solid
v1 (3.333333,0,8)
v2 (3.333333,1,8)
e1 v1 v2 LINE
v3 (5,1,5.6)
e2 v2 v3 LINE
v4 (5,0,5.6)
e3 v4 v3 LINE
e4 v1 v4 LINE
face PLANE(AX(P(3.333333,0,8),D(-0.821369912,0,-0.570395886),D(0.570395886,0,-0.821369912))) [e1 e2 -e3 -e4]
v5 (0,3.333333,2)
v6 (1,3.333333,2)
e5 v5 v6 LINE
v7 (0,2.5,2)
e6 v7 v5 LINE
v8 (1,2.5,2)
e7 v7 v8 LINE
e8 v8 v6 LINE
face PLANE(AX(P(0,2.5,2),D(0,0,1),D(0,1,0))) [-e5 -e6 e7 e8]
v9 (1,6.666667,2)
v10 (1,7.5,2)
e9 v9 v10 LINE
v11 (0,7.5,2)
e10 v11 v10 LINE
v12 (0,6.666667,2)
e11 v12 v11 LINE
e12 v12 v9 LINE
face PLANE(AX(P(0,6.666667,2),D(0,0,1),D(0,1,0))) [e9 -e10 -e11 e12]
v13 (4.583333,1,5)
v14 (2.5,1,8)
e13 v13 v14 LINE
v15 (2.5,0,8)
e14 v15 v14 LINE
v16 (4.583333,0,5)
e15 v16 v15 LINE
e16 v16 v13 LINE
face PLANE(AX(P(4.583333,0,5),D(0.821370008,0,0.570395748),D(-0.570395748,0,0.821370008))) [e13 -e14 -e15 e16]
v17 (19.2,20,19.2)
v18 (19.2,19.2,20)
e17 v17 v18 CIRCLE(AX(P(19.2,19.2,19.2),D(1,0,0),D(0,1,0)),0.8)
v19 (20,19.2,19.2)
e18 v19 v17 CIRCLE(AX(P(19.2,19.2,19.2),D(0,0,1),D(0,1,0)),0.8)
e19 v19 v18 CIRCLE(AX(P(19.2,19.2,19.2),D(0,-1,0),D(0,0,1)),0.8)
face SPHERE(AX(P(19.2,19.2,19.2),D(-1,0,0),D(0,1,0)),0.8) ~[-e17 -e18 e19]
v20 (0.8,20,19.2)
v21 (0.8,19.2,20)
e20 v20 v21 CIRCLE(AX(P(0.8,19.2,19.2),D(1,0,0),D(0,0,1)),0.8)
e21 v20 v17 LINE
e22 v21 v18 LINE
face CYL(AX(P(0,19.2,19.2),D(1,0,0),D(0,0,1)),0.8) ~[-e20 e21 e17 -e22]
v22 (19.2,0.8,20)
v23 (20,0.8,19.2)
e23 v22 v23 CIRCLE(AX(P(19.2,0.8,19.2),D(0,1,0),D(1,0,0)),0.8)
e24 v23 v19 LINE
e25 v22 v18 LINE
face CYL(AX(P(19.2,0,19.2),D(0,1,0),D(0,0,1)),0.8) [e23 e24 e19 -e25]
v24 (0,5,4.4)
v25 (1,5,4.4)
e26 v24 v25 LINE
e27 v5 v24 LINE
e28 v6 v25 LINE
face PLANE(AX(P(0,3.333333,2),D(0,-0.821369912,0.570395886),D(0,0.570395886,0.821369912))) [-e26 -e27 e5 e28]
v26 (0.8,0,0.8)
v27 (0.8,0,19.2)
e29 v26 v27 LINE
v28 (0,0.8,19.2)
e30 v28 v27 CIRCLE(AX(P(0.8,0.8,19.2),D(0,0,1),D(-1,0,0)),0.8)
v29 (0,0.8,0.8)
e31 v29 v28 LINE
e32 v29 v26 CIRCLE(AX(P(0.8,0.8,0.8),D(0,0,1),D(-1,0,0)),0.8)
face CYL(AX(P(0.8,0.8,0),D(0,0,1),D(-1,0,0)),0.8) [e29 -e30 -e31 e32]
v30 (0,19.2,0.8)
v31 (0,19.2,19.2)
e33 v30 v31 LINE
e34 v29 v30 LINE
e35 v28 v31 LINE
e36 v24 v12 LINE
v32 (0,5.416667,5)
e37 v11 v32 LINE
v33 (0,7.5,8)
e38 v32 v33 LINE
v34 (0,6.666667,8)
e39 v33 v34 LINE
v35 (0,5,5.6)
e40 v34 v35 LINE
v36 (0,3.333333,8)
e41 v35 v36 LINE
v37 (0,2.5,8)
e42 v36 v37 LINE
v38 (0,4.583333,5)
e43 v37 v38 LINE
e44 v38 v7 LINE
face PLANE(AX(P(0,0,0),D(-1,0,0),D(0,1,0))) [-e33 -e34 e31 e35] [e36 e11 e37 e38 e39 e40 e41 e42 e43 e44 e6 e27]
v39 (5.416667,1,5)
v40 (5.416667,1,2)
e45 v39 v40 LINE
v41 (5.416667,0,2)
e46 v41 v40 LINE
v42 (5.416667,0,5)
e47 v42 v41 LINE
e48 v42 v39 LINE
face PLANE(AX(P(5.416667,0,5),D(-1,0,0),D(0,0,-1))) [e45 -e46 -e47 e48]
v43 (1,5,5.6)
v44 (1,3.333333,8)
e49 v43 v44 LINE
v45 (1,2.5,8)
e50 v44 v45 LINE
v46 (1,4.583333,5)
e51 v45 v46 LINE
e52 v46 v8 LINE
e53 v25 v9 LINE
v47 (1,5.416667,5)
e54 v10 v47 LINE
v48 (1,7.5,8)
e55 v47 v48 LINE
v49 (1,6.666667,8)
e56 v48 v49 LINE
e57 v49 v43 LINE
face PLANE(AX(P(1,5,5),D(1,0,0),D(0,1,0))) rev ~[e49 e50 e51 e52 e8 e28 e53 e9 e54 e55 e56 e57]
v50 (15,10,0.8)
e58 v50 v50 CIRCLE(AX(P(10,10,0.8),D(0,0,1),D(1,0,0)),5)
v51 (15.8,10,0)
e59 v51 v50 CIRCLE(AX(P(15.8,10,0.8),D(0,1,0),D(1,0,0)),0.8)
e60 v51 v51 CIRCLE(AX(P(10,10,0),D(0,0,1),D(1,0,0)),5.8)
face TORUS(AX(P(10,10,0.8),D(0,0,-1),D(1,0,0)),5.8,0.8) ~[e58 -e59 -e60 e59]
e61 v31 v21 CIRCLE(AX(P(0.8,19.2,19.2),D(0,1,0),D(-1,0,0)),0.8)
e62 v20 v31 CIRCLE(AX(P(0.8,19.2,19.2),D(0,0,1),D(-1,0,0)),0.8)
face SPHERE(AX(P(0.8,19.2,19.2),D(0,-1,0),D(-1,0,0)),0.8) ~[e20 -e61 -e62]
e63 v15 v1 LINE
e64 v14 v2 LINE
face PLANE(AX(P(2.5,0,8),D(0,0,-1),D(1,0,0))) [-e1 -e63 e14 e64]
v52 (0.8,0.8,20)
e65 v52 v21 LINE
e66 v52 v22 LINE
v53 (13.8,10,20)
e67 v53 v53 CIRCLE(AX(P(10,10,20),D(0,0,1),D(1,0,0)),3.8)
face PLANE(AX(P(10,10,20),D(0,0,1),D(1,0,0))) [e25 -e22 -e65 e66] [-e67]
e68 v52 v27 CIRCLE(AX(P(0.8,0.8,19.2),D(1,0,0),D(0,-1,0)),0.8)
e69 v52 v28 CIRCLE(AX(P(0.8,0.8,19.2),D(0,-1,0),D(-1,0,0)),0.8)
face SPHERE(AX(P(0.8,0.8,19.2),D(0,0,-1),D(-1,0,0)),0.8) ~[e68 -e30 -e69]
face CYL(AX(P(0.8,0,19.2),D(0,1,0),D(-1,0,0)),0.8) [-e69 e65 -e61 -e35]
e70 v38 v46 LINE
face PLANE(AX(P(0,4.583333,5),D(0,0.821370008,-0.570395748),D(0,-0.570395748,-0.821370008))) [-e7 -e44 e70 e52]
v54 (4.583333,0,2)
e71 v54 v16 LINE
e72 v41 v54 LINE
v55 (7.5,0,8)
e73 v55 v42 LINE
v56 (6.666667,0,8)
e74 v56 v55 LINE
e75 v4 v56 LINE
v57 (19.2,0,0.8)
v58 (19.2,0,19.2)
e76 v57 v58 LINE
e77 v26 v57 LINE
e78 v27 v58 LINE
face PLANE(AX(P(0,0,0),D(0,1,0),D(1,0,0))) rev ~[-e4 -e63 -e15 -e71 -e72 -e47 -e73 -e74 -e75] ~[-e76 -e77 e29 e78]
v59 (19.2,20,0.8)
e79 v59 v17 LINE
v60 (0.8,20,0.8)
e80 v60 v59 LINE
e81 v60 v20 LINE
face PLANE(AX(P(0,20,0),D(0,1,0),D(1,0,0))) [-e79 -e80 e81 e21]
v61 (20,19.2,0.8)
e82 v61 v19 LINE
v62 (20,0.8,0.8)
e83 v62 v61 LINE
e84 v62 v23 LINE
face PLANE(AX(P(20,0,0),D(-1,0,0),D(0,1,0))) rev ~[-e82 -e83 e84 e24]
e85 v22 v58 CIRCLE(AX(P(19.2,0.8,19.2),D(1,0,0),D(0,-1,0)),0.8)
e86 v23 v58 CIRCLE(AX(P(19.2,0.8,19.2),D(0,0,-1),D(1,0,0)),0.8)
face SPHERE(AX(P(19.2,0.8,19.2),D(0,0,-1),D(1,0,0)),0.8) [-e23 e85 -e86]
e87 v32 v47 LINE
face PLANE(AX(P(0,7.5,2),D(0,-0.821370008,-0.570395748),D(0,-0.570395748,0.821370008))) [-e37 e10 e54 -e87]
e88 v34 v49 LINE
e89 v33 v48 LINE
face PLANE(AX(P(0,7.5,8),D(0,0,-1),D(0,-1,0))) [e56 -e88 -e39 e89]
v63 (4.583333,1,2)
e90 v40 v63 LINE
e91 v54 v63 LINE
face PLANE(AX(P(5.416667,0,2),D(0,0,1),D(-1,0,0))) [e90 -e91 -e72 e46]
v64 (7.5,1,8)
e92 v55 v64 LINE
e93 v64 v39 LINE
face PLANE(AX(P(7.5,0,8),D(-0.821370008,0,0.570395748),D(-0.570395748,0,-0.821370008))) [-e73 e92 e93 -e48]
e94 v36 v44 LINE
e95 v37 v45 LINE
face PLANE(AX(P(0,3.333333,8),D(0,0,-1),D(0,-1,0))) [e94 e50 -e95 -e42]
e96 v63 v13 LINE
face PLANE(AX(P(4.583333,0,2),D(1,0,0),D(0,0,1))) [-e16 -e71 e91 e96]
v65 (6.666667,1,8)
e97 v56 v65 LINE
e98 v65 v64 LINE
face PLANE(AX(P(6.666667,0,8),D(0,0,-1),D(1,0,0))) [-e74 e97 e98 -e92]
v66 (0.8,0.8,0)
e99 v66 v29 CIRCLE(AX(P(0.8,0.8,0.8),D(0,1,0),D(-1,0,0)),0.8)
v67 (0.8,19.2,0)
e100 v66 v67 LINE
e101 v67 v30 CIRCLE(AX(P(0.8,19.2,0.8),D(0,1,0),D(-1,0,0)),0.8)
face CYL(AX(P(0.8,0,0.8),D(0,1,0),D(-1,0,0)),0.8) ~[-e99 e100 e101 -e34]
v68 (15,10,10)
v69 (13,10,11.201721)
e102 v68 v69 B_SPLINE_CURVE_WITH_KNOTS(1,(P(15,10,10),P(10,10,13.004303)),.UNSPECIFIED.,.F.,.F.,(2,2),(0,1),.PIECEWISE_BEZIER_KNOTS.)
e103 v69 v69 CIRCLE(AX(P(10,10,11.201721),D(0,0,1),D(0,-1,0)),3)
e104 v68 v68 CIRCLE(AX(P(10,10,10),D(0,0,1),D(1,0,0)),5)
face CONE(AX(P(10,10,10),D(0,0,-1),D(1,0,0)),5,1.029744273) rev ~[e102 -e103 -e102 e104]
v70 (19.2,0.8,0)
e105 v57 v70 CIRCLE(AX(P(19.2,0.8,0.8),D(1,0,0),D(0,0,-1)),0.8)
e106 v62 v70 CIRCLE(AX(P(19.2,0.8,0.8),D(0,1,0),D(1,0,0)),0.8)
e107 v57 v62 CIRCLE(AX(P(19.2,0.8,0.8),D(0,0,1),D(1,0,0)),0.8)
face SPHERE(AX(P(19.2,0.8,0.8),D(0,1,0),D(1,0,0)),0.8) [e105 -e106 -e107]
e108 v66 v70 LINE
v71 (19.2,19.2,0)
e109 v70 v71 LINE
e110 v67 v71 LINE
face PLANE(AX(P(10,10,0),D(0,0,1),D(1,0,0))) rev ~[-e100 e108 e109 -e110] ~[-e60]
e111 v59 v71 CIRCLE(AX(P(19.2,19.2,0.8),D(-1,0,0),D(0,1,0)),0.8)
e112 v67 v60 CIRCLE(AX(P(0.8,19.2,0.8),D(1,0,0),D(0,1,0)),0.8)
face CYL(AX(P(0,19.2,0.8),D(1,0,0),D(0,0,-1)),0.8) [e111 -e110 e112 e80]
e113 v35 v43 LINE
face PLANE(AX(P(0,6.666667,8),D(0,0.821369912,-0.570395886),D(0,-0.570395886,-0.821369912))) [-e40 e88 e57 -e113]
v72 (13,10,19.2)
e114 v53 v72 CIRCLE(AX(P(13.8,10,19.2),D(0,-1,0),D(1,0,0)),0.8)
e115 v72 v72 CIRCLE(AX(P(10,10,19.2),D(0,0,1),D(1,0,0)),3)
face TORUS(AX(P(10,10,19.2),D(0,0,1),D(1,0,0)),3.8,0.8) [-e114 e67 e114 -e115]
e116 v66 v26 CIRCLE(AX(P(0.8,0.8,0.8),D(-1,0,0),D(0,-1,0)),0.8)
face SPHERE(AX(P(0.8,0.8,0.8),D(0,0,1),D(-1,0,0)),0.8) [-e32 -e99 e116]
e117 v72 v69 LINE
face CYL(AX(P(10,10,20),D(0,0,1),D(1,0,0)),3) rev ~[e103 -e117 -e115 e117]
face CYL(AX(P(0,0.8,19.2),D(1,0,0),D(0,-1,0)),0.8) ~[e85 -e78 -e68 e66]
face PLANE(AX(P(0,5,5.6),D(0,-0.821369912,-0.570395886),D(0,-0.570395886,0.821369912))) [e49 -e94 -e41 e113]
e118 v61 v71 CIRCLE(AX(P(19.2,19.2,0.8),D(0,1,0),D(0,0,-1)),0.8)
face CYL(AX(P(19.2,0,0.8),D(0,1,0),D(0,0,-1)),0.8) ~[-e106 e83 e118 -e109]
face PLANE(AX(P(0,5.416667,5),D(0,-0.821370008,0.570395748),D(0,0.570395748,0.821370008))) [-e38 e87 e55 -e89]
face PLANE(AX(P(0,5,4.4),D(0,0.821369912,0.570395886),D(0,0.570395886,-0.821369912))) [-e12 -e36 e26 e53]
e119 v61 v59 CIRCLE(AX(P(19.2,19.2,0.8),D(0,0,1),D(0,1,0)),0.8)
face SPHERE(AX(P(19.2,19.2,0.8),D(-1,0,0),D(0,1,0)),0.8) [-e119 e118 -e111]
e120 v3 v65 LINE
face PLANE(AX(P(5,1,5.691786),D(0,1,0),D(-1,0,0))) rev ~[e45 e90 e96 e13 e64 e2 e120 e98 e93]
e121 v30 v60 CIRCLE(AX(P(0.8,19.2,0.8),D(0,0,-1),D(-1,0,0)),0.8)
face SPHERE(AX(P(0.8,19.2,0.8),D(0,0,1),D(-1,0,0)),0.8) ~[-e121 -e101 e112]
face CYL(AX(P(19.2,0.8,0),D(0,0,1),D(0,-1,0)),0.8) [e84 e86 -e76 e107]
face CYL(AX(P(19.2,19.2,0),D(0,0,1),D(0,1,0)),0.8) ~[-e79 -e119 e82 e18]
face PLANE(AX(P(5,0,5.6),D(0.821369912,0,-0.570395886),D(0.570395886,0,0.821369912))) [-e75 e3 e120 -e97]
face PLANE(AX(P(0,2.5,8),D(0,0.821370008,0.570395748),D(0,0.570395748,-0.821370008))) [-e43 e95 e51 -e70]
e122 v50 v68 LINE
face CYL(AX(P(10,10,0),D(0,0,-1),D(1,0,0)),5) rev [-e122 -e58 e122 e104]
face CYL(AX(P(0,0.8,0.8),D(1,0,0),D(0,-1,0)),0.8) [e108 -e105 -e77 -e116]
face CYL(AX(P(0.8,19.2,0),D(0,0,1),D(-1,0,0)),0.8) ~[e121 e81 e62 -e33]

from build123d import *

# Parameters (mm, degrees)
SKETCH_W        = 20
SKETCH_H        = 20
PAD_DEPTH       = 20
POCKET_DEPTH    = 1
POCKET001_DEPTH = 1
SKETCH004_R     = 5
HOLE_DEPTH      = 10
HOLE_TIPS_R     = 5
SKETCH005_R     = 3
HOLE001_DEPTH   = 10
HOLE001_TIPS_R  = 3
FILLET_R        = 0.8
FILLET001_R     = 0.8


with BuildPart() as part:
    # Sketch → Pad (new body)
    with BuildSketch(Plane.XY):
        with Locations((10, 10)):
            Rectangle(SKETCH_W, SKETCH_H)
    extrude(amount=PAD_DEPTH)

    # Sketch002 → Pocket (cut)
    with BuildSketch(Plane.YZ):
        Polygon((7.5, 8), (6.666667, 8), (5, 5.6), (3.333333, 8), (2.5, 8), (4.583333, 5), (2.5, 2), (3.333333, 2), (5, 4.4), (6.666667, 2), (7.5, 2), (5.416667, 5), align=None)
    extrude(amount=POCKET_DEPTH, mode=Mode.SUBTRACT)

    # Sketch003 → Pocket001 (cut)
    with BuildSketch(Plane.XZ):
        Polygon((2.5, 8), (3.333333, 8), (5, 5.6), (6.666667, 8), (7.5, 8), (5.416667, 5), (5.416667, 2), (4.583333, 2), (4.583333, 5), align=None)
    extrude(amount=-POCKET001_DEPTH, mode=Mode.SUBTRACT)

    # Sketch004 → Hole (cut)
    with BuildSketch(Plane.XY):
        with Locations((10, 10)):
            Circle(SKETCH004_R)
    extrude(amount=HOLE_DEPTH, mode=Mode.SUBTRACT)

    # Hole tips → Hole tip 1 section 0
    with BuildSketch(Plane.XY.offset(10), mode=Mode.PRIVATE) as hole_tip_1_s0:
        with Locations((10, 10)):
            Circle(HOLE_TIPS_R)
    loft([hole_tip_1_s0.sketch, Vertex(10, 10, 13.004303)], mode=Mode.SUBTRACT)

    # Sketch005 (on DatumPlane) → Hole001 (cut)
    with BuildSketch(Plane.XY.offset(20)):
        with Locations((10, 10)):
            Circle(SKETCH005_R)
    extrude(amount=-HOLE001_DEPTH, mode=Mode.SUBTRACT)

    # Hole001 tips → Hole001 tip 1 section 0
    with BuildSketch(Plane.XY.offset(10), mode=Mode.PRIVATE) as hole001_tip_1_s0:
        with Locations((10, 10)):
            Circle(HOLE001_TIPS_R)
    loft([hole001_tip_1_s0.sketch, Vertex(10, 10, 8.197418)], mode=Mode.SUBTRACT)

    # Fillet
    fillet_edges = [part.edges().sort_by_distance(p)[0] for p in [
        (0, 0, 10),
        (0, 10, 20),
        (0, 20, 10),
        (10, 20, 20),
        (0, 10, 0),
        (10, 20, 0),
        (20, 20, 10),
        (20, 10, 0),
        (20, 0, 10),
        (10, 0, 0),
        (20, 10, 20),
        (10, 0, 20),
    ]]
    fillet(fillet_edges, radius=FILLET_R)

    # Fillet001
    fillet001_edges = [part.edges().sort_by_distance(p)[0] for p in [
        (7, 10, 20),
        (15, 10, 0),
    ]]
    fillet(fillet001_edges, radius=FILLET001_R)


solid = part.part
